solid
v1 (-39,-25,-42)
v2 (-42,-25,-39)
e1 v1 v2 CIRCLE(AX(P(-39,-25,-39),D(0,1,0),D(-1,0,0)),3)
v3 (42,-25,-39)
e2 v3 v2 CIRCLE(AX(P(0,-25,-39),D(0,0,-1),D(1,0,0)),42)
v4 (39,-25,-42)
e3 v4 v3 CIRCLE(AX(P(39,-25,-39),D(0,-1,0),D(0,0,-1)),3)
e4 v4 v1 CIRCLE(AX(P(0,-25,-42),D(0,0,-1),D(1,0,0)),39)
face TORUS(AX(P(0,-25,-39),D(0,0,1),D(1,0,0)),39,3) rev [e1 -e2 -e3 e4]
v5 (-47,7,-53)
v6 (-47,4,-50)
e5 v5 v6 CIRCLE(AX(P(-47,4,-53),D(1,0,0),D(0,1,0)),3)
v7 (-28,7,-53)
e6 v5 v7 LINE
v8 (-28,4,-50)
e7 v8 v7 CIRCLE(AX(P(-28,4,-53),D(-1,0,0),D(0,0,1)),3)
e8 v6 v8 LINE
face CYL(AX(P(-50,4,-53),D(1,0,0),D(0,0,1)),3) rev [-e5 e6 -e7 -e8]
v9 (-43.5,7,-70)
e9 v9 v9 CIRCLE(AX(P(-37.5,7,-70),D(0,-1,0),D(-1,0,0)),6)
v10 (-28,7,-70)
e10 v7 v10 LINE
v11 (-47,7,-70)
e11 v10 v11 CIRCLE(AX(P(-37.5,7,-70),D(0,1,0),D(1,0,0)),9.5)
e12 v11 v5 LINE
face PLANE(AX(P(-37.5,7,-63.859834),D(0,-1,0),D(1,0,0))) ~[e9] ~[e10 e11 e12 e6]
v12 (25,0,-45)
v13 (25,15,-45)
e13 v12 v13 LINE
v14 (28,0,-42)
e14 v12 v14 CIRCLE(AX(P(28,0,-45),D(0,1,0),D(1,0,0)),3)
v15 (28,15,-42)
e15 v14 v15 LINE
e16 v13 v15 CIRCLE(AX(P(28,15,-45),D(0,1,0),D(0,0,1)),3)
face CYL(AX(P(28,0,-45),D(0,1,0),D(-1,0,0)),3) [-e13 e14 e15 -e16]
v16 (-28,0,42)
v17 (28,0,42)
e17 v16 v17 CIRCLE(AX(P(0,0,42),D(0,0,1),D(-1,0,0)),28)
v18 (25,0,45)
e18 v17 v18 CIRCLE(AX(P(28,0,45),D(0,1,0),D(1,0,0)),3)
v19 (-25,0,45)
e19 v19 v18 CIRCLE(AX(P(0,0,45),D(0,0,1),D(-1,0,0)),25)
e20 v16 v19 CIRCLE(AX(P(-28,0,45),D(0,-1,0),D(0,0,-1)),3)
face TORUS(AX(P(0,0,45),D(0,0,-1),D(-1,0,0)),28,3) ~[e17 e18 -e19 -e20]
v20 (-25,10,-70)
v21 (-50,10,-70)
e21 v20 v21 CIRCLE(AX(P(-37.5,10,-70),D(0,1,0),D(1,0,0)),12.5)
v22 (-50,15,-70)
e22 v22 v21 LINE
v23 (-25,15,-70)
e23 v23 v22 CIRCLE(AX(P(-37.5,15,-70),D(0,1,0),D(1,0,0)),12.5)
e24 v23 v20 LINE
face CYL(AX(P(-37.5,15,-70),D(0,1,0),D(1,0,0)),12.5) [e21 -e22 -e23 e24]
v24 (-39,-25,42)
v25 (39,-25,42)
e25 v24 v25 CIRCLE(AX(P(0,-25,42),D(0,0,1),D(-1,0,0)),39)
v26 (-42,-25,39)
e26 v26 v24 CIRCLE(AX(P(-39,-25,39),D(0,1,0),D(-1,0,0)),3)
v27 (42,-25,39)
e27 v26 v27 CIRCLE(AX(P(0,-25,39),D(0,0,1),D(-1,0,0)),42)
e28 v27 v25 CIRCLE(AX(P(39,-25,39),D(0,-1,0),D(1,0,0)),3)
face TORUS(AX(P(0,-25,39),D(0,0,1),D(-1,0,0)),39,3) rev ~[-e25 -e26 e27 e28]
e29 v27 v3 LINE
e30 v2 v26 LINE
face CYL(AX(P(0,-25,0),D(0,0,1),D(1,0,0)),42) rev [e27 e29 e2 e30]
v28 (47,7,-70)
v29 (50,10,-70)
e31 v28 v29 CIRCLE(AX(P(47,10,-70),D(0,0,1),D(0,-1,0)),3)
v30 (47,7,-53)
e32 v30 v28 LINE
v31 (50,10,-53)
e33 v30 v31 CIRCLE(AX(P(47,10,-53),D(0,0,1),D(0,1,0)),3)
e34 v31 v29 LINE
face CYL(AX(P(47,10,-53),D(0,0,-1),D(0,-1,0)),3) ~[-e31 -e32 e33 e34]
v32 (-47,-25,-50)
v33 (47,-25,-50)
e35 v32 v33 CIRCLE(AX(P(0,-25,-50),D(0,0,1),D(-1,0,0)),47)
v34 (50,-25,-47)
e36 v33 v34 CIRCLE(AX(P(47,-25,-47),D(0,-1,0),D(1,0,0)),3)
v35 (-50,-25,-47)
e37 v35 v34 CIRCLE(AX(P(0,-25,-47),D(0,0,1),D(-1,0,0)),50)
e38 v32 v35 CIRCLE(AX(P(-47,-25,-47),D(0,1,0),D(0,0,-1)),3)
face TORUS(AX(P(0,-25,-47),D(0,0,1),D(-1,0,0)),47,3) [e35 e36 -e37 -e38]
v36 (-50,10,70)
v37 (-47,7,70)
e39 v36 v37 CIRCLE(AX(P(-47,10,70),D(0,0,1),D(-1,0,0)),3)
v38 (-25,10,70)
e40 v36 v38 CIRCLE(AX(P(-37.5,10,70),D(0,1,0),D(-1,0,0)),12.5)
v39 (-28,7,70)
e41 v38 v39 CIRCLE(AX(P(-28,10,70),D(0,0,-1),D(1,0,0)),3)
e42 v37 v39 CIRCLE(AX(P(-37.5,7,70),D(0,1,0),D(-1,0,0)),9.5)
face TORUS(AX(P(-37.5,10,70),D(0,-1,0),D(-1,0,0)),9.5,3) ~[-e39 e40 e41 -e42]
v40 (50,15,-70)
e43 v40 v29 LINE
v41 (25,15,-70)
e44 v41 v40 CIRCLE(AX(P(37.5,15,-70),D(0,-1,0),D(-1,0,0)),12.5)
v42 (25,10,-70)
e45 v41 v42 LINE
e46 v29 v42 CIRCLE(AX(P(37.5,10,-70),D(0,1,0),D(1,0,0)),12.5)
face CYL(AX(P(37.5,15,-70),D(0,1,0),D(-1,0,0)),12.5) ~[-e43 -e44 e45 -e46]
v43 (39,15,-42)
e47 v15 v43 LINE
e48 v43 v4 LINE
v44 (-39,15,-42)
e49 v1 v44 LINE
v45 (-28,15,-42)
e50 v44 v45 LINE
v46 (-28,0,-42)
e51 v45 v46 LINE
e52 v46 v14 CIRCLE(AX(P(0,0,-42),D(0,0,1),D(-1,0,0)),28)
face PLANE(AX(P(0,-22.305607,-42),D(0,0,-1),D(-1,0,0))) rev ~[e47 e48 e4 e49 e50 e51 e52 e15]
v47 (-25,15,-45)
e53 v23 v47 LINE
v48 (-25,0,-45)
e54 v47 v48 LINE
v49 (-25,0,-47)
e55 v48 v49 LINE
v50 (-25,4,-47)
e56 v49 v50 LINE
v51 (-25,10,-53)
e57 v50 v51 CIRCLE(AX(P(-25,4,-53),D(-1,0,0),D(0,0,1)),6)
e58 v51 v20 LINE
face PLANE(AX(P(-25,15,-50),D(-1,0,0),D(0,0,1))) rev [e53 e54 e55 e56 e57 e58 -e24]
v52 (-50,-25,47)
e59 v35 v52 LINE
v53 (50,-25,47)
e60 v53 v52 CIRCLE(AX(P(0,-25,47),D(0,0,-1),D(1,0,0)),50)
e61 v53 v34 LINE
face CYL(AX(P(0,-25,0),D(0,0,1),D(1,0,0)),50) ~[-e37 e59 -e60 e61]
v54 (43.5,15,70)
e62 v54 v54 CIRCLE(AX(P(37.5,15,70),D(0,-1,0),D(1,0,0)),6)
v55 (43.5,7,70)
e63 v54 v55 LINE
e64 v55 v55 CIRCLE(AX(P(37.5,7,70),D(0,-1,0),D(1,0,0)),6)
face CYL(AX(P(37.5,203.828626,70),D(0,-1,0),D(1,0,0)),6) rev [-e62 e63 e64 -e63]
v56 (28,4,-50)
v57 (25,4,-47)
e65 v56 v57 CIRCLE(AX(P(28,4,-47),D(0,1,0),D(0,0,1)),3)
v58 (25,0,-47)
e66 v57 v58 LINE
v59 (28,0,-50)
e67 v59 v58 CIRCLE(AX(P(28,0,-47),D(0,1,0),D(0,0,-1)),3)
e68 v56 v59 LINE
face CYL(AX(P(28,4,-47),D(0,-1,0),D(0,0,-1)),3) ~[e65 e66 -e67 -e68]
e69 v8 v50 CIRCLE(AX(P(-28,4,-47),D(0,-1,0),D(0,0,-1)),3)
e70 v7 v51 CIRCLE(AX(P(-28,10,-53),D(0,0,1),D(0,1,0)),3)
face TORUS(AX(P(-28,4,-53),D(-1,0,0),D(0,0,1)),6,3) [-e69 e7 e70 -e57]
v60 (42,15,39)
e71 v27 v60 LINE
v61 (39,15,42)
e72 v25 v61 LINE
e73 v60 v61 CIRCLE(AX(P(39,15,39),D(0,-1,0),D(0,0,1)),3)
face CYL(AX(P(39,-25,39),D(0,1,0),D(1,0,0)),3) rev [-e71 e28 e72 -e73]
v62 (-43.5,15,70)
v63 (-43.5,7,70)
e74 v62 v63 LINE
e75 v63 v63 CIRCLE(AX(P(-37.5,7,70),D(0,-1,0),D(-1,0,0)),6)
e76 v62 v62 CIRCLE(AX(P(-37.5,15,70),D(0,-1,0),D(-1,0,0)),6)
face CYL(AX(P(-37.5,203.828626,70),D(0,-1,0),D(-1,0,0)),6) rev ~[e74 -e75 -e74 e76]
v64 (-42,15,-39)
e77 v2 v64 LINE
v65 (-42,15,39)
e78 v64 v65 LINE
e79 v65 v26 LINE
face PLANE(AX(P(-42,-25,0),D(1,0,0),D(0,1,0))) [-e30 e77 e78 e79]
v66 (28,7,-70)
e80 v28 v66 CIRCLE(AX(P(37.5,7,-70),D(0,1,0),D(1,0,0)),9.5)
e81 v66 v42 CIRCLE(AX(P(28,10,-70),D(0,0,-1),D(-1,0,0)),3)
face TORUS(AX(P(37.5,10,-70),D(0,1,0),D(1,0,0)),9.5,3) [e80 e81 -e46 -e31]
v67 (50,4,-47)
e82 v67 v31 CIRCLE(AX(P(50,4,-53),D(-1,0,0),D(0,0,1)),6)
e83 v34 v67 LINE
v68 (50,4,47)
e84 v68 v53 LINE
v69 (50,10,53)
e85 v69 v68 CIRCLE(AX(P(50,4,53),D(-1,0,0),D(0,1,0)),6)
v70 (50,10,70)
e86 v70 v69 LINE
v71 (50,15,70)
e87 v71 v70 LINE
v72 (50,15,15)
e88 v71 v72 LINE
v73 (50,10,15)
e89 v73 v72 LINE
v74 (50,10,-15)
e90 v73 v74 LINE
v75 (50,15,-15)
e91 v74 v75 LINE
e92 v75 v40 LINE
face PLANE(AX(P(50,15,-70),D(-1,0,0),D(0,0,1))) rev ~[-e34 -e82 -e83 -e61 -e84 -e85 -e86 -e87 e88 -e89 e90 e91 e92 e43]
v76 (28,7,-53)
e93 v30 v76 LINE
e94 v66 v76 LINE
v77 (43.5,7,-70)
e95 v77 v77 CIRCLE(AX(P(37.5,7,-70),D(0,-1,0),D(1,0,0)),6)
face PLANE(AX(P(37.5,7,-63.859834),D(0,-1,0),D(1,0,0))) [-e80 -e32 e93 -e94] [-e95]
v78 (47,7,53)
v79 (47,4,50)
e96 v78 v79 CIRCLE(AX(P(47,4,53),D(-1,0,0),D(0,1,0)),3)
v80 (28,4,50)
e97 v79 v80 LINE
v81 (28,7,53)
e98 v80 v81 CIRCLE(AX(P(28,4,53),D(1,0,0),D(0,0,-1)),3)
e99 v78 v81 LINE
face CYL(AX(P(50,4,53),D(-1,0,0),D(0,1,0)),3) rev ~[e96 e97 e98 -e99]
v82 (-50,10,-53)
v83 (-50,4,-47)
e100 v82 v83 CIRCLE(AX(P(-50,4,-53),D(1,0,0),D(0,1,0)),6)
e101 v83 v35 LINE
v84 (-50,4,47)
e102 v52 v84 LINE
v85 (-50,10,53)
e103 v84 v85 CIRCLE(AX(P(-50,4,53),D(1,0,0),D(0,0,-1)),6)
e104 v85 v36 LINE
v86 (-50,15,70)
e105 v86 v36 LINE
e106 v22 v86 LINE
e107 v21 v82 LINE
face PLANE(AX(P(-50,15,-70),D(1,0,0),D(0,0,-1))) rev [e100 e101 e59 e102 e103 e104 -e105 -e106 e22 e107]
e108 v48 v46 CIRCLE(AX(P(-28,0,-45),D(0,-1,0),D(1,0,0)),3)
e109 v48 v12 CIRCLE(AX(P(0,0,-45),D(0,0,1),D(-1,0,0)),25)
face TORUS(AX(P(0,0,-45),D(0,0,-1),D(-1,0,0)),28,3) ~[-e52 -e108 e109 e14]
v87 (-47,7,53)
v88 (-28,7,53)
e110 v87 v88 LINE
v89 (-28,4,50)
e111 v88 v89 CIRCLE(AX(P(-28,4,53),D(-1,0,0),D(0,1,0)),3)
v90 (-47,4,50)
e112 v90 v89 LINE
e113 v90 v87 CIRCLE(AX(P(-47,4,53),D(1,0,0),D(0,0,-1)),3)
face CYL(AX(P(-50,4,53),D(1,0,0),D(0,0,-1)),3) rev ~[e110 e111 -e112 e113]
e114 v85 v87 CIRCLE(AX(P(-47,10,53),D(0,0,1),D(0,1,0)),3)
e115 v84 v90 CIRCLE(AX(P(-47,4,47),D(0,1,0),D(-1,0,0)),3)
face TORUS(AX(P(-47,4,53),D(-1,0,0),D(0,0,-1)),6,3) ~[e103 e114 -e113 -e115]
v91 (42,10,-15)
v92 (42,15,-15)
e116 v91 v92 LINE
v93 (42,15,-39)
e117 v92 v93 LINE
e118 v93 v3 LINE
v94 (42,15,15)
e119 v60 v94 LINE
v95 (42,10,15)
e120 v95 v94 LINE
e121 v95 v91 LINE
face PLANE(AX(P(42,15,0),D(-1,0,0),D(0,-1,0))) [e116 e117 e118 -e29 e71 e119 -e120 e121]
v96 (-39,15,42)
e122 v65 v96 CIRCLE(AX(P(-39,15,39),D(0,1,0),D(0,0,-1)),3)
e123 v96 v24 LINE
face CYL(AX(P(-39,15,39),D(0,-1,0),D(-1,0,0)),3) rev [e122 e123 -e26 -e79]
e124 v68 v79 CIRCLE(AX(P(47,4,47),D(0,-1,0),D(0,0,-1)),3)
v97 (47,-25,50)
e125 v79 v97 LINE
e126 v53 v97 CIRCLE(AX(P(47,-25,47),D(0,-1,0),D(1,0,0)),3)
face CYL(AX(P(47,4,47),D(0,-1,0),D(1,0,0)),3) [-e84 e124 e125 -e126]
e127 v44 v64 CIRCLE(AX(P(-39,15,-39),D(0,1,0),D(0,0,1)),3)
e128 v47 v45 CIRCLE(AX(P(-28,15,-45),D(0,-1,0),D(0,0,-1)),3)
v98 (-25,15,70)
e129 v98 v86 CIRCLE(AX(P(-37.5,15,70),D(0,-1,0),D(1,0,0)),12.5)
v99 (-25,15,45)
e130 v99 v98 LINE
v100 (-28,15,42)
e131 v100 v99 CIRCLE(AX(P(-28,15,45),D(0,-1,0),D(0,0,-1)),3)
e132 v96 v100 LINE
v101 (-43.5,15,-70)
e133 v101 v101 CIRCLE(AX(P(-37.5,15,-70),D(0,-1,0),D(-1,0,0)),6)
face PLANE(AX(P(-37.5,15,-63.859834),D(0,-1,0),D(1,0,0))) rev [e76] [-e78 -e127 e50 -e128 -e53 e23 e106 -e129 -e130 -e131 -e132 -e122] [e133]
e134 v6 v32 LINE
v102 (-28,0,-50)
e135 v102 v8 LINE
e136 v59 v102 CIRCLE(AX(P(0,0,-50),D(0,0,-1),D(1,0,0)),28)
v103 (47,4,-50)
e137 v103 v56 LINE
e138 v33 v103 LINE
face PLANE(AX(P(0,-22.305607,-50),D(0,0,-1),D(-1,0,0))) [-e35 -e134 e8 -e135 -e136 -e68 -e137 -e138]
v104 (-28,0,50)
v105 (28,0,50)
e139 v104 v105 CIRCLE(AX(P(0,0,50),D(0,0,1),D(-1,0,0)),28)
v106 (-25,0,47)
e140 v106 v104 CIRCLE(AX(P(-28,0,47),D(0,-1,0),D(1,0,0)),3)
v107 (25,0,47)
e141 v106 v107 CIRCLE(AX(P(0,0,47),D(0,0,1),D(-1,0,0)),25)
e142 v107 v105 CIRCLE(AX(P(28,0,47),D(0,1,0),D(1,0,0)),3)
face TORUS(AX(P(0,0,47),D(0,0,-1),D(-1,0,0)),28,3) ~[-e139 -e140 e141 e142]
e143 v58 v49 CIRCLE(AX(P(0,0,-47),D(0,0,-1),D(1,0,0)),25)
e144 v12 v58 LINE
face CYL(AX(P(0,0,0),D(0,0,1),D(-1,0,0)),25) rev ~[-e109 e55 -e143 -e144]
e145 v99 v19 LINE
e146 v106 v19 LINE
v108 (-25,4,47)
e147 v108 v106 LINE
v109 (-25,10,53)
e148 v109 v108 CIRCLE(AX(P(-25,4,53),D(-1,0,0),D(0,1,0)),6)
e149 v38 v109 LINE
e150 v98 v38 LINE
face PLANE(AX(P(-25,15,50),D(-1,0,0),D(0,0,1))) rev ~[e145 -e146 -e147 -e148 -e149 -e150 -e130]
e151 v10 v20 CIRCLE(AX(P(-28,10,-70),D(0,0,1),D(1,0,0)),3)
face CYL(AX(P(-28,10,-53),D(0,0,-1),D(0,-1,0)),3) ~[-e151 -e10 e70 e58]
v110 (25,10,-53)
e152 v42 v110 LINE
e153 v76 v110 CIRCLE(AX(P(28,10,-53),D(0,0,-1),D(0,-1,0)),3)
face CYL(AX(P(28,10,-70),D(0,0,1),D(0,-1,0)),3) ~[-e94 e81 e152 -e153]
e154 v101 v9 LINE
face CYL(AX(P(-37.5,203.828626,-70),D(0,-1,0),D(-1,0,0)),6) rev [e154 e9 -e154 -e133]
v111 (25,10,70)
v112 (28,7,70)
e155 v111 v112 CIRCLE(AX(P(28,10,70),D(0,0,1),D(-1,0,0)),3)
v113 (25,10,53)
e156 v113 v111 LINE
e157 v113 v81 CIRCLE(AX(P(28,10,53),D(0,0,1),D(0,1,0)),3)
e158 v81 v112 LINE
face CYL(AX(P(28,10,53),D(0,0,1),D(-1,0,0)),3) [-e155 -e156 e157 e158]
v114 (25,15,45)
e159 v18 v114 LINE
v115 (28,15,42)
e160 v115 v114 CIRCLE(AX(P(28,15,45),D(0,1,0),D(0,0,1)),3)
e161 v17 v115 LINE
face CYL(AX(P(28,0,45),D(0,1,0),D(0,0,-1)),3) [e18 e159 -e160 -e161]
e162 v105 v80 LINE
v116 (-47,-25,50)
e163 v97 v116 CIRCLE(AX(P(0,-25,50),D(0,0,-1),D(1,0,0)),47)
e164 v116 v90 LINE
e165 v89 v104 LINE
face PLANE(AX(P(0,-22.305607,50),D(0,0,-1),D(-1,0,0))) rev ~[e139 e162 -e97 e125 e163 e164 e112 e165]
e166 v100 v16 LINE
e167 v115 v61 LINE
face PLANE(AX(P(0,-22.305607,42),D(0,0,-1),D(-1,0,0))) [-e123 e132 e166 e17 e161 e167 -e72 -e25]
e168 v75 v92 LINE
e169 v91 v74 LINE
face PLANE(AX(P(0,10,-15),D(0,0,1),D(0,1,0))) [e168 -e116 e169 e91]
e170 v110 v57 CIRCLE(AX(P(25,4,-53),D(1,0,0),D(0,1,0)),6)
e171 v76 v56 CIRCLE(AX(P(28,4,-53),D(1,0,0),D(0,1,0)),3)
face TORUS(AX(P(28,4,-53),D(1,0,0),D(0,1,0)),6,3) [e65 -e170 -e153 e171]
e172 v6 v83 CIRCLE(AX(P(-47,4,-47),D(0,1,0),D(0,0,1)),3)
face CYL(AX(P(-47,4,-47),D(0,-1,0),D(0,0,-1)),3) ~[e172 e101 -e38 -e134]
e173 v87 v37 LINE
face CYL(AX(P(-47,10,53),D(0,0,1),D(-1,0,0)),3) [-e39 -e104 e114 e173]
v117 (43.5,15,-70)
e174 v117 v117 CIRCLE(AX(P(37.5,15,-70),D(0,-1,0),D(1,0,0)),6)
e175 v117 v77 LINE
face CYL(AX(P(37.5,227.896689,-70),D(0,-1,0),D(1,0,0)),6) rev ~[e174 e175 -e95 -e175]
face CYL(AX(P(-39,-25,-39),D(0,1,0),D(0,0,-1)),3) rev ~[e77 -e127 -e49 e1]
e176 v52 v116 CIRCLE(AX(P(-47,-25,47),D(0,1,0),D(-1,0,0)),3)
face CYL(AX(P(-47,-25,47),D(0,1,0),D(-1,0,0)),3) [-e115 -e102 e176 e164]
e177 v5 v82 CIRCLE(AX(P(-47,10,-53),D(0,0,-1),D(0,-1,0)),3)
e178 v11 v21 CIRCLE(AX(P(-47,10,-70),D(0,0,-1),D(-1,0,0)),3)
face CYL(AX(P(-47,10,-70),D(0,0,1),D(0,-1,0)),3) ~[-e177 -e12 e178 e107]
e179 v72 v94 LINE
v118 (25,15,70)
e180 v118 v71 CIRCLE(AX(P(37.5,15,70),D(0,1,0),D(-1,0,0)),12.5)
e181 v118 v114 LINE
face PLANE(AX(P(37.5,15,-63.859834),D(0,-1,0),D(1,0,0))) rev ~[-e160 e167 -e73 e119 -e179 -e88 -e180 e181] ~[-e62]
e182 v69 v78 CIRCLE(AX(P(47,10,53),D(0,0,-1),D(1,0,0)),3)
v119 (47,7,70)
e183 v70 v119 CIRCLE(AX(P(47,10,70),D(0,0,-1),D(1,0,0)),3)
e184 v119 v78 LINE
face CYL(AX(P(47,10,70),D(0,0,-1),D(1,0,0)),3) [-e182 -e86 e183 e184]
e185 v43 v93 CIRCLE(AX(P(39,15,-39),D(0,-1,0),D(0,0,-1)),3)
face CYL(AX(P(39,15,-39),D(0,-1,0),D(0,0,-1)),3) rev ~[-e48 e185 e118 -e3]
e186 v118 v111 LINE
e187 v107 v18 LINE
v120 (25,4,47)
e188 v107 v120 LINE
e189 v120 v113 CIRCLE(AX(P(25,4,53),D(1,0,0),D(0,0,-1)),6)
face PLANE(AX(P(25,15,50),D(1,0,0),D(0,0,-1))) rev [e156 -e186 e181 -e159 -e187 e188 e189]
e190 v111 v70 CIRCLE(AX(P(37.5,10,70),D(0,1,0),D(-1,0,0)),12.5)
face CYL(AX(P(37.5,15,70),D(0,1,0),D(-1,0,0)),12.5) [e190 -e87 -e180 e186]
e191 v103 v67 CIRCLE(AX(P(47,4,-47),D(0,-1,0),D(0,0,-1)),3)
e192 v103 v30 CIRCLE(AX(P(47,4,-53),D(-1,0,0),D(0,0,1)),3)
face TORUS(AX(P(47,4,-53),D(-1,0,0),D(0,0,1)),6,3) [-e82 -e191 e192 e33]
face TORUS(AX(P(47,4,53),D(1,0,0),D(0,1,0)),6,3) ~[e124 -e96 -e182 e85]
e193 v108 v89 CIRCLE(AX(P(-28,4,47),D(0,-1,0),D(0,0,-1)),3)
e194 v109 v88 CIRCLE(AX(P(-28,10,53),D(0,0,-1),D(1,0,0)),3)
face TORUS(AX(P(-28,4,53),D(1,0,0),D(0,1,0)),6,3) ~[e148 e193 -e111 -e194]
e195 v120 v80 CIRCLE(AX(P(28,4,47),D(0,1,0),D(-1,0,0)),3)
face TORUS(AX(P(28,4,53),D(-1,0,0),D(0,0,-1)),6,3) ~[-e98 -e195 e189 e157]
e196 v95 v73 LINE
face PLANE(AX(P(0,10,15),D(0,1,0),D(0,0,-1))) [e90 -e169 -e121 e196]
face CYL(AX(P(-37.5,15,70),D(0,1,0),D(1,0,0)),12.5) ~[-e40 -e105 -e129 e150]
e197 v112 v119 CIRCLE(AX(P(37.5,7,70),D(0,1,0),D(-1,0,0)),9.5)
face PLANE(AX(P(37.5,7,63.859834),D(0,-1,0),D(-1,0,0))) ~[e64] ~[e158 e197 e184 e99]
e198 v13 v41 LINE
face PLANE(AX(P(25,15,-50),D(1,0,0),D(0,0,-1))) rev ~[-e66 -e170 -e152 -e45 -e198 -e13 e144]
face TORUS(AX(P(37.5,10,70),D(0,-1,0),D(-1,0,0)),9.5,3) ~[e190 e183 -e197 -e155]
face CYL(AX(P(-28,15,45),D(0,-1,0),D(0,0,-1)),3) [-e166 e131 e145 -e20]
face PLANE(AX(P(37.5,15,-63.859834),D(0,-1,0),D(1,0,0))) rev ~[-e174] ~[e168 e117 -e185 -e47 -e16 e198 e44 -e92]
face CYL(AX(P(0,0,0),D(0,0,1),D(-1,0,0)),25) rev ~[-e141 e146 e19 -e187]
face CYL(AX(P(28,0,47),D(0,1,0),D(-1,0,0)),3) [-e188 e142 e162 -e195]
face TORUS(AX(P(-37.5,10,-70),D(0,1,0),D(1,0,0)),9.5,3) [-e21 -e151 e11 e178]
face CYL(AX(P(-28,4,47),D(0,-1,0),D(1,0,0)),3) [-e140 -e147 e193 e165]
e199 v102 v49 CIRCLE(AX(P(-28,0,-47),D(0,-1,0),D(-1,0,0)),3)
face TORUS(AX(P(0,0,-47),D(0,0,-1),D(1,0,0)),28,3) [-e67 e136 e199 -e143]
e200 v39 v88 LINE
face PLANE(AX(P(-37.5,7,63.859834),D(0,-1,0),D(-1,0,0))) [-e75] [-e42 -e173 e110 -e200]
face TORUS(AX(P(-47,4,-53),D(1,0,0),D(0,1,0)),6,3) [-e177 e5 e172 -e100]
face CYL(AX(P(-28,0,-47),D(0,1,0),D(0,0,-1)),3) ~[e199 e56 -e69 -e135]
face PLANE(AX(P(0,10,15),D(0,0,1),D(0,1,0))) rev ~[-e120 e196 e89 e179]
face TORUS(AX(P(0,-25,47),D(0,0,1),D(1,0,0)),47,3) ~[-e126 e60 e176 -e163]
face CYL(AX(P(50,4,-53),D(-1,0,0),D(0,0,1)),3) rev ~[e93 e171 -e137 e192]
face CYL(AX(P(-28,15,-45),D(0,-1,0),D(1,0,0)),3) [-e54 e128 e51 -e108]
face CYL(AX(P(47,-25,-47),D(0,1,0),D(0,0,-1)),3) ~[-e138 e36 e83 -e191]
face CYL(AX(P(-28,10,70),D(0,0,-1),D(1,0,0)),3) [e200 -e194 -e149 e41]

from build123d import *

# Parameters (mm, degrees)
BOSS_EXTRUDE1_DEPTH        = 50
SHELL1_T                   = -8
BOSS_EXTRUDE2_DEPTH        = 8
F_12_0_12_DIAMETER_HOLE1_D = 12
MIRROR2_COPY_1_DEPTH       = 8
MIRROR2_COPY_2_D           = 12
SKETCH6_W                  = 30
SKETCH6_H                  = 10
CUT_EXTRUDE1_DEPTH         = 123.193494098
FILLET1_R                  = 3
FILLET2_R                  = 3


with BuildPart() as part:
    # Sketch1 → Boss-Extrude1 (new, symmetric)
    with BuildSketch(Plane.XY):
        with BuildLine():
            Line((-25, 15), (-25, 0))
            ThreePointArc((-25, 0), (0, -25), (25, 0))
            Line((25, 0), (25, 15))
            Line((25, 15), (50, 15))
            Line((50, 15), (50, -25))
            ThreePointArc((50, -25), (0, -75), (-50, -25))
            Line((-50, -25), (-50, 15))
            Line((-50, 15), (-25, 15))
        make_face()
    extrude(amount=BOSS_EXTRUDE1_DEPTH, both=True)

    # Shell1
    shell1_openings = [part.faces().sort_by_distance(p)[0] for p in [
        (-25, 7.5, 0),
        (0, -25, 0),
        (25, 7.5, 0),
        (37.5, 15, 0),
        (-37.5, 15, 0),
    ]]
    offset(amount=SHELL1_T, openings=shell1_openings, kind=Kind.INTERSECTION)

    # Sketch2 → Boss-Extrude2 (add)
    with BuildSketch(Plane(origin=(0, 15, 0), x_dir=(1, 0, 0), z_dir=(0, 1, 0))):
        with BuildLine():
            Line((-50, -50), (-25, -50))
            Line((-25, -50), (-25, -70))
            ThreePointArc((-25, -70), (-37.5, -82.5), (-50, -70))
            Line((-50, -70), (-50, -50))
        make_face()
    boss_extrude2 = extrude(amount=-BOSS_EXTRUDE2_DEPTH)

    # Ø12.0 (12) Diameter Hole1 (through all)
    with Locations(Plane(origin=(0, 15, 0), x_dir=(1, 0, 0), z_dir=(0, 1, 0))):
        with Locations((-37.5, -70)):
            f_12_0_12_diameter_hole1 = Hole(F_12_0_12_DIAMETER_HOLE1_D / 2)

    # Mirror1: Boss-Extrude2, Ø12.0 (12) Diameter Hole1 across plane
    add(boss_extrude2.mirror(Plane(origin=(0, 0, 0), x_dir=(0, 0, 1), z_dir=(1, 0, 0))))
    add(f_12_0_12_diameter_hole1.mirror(Plane(origin=(0, 0, 0), x_dir=(0, 0, 1), z_dir=(1, 0, 0))), mode=Mode.SUBTRACT)

    # Mirror2: Boss-Extrude2, Ø12.0 (12) Diameter Hole1 across plane
    add(boss_extrude2.mirror(Plane.XY))
    add(f_12_0_12_diameter_hole1.mirror(Plane.XY), mode=Mode.SUBTRACT)

    # Mirror2 copy 1 sketch → Mirror2 copy 1 (add)
    with BuildSketch(Plane(origin=(0, 15, 0), x_dir=(-1, 0, 0), z_dir=(0, 1, 0))):
        with BuildLine():
            Line((-50, -50), (-25, -50))
            Line((-25, -50), (-25, -70))
            ThreePointArc((-25, -70), (-37.5, -82.5), (-50, -70))
            Line((-50, -70), (-50, -50))
        make_face()
    extrude(amount=-MIRROR2_COPY_1_DEPTH)

    # Mirror2 copy 2 (through all)
    with Locations(Plane(origin=(0, 15, 0), x_dir=(-1, 0, 0), z_dir=(0, 1, 0))):
        with Locations((-37.5, -70)):
            Hole(MIRROR2_COPY_2_D / 2)

    # Sketch6 → Cut-Extrude1 (cut, through all)
    with BuildSketch(Plane(origin=(0, 0, 0), x_dir=(0, 0, -1), z_dir=(1, 0, 0))):
        with Locations((0, 15)):
            Rectangle(SKETCH6_W, SKETCH6_H)
    extrude(amount=CUT_EXTRUDE1_DEPTH, mode=Mode.SUBTRACT)

    # Fillet1
    fillet1_edges = [part.edges().sort_by_distance(p)[0] for p in [
        (-37.5, 7, -50),
        (37.5, 7, -50),
        (37.5, 7, 50),
        (-37.5, 7, 50),
    ]]
    fillet(fillet1_edges, radius=FILLET1_R)

    # Fillet2
    fillet2_edges = [part.edges().sort_by_distance(p)[0] for p in [
        (0, -75, 50),
        (-37.5, 7, -82.5),
        (-25, 7, -61.5),
        (50, -10.5, 50),
        (-50, 7, -61.5),
        (25, 2, -50),
        (-50, -10.5, -50),
        (50, 7, -61.5),
        (50, 7, 61.5),
        (25, 2, 50),
        (-50, -10.5, 50),
        (-50, 7, 61.5),
        (-50, 6.121320344, -50.878679656),
        (-25, 6.121320344, -50.878679656),
        (50, 6.121320344, -50.878679656),
        (25, 6.121320344, -50.878679656),
        (50, 6.121320344, 50.878679656),
        (25, 6.121320344, 50.878679656),
        (-50, 6.121320344, 50.878679656),
        (-25, 6.121320344, 50.878679656),
        (0, -25, 50),
        (-25, 2, 50),
        (-42, -5, -42),
        (0, -67, -42),
        (42, -5, -42),
        (25, 7.5, -42),
        (0, -25, -42),
        (-25, 7.5, -42),
        (-42, -5, 42),
        (0, -67, 42),
        (42, -5, 42),
        (25, 7.5, 42),
        (0, -25, 42),
        (-25, 7.5, 42),
        (-25, 7, 61.5),
        (-37.5, 7, 82.5),
        (37.5, 7, 82.5),
        (25, 7, 61.5),
        (-25, 2, -50),
        (0, -25, -50),
        (25, 7, -61.5),
        (37.5, 7, -82.5),
        (50, -10.5, -50),
        (0, -75, -50),
    ]]
    fillet(fillet2_edges, radius=FILLET2_R)


solid = part.part
